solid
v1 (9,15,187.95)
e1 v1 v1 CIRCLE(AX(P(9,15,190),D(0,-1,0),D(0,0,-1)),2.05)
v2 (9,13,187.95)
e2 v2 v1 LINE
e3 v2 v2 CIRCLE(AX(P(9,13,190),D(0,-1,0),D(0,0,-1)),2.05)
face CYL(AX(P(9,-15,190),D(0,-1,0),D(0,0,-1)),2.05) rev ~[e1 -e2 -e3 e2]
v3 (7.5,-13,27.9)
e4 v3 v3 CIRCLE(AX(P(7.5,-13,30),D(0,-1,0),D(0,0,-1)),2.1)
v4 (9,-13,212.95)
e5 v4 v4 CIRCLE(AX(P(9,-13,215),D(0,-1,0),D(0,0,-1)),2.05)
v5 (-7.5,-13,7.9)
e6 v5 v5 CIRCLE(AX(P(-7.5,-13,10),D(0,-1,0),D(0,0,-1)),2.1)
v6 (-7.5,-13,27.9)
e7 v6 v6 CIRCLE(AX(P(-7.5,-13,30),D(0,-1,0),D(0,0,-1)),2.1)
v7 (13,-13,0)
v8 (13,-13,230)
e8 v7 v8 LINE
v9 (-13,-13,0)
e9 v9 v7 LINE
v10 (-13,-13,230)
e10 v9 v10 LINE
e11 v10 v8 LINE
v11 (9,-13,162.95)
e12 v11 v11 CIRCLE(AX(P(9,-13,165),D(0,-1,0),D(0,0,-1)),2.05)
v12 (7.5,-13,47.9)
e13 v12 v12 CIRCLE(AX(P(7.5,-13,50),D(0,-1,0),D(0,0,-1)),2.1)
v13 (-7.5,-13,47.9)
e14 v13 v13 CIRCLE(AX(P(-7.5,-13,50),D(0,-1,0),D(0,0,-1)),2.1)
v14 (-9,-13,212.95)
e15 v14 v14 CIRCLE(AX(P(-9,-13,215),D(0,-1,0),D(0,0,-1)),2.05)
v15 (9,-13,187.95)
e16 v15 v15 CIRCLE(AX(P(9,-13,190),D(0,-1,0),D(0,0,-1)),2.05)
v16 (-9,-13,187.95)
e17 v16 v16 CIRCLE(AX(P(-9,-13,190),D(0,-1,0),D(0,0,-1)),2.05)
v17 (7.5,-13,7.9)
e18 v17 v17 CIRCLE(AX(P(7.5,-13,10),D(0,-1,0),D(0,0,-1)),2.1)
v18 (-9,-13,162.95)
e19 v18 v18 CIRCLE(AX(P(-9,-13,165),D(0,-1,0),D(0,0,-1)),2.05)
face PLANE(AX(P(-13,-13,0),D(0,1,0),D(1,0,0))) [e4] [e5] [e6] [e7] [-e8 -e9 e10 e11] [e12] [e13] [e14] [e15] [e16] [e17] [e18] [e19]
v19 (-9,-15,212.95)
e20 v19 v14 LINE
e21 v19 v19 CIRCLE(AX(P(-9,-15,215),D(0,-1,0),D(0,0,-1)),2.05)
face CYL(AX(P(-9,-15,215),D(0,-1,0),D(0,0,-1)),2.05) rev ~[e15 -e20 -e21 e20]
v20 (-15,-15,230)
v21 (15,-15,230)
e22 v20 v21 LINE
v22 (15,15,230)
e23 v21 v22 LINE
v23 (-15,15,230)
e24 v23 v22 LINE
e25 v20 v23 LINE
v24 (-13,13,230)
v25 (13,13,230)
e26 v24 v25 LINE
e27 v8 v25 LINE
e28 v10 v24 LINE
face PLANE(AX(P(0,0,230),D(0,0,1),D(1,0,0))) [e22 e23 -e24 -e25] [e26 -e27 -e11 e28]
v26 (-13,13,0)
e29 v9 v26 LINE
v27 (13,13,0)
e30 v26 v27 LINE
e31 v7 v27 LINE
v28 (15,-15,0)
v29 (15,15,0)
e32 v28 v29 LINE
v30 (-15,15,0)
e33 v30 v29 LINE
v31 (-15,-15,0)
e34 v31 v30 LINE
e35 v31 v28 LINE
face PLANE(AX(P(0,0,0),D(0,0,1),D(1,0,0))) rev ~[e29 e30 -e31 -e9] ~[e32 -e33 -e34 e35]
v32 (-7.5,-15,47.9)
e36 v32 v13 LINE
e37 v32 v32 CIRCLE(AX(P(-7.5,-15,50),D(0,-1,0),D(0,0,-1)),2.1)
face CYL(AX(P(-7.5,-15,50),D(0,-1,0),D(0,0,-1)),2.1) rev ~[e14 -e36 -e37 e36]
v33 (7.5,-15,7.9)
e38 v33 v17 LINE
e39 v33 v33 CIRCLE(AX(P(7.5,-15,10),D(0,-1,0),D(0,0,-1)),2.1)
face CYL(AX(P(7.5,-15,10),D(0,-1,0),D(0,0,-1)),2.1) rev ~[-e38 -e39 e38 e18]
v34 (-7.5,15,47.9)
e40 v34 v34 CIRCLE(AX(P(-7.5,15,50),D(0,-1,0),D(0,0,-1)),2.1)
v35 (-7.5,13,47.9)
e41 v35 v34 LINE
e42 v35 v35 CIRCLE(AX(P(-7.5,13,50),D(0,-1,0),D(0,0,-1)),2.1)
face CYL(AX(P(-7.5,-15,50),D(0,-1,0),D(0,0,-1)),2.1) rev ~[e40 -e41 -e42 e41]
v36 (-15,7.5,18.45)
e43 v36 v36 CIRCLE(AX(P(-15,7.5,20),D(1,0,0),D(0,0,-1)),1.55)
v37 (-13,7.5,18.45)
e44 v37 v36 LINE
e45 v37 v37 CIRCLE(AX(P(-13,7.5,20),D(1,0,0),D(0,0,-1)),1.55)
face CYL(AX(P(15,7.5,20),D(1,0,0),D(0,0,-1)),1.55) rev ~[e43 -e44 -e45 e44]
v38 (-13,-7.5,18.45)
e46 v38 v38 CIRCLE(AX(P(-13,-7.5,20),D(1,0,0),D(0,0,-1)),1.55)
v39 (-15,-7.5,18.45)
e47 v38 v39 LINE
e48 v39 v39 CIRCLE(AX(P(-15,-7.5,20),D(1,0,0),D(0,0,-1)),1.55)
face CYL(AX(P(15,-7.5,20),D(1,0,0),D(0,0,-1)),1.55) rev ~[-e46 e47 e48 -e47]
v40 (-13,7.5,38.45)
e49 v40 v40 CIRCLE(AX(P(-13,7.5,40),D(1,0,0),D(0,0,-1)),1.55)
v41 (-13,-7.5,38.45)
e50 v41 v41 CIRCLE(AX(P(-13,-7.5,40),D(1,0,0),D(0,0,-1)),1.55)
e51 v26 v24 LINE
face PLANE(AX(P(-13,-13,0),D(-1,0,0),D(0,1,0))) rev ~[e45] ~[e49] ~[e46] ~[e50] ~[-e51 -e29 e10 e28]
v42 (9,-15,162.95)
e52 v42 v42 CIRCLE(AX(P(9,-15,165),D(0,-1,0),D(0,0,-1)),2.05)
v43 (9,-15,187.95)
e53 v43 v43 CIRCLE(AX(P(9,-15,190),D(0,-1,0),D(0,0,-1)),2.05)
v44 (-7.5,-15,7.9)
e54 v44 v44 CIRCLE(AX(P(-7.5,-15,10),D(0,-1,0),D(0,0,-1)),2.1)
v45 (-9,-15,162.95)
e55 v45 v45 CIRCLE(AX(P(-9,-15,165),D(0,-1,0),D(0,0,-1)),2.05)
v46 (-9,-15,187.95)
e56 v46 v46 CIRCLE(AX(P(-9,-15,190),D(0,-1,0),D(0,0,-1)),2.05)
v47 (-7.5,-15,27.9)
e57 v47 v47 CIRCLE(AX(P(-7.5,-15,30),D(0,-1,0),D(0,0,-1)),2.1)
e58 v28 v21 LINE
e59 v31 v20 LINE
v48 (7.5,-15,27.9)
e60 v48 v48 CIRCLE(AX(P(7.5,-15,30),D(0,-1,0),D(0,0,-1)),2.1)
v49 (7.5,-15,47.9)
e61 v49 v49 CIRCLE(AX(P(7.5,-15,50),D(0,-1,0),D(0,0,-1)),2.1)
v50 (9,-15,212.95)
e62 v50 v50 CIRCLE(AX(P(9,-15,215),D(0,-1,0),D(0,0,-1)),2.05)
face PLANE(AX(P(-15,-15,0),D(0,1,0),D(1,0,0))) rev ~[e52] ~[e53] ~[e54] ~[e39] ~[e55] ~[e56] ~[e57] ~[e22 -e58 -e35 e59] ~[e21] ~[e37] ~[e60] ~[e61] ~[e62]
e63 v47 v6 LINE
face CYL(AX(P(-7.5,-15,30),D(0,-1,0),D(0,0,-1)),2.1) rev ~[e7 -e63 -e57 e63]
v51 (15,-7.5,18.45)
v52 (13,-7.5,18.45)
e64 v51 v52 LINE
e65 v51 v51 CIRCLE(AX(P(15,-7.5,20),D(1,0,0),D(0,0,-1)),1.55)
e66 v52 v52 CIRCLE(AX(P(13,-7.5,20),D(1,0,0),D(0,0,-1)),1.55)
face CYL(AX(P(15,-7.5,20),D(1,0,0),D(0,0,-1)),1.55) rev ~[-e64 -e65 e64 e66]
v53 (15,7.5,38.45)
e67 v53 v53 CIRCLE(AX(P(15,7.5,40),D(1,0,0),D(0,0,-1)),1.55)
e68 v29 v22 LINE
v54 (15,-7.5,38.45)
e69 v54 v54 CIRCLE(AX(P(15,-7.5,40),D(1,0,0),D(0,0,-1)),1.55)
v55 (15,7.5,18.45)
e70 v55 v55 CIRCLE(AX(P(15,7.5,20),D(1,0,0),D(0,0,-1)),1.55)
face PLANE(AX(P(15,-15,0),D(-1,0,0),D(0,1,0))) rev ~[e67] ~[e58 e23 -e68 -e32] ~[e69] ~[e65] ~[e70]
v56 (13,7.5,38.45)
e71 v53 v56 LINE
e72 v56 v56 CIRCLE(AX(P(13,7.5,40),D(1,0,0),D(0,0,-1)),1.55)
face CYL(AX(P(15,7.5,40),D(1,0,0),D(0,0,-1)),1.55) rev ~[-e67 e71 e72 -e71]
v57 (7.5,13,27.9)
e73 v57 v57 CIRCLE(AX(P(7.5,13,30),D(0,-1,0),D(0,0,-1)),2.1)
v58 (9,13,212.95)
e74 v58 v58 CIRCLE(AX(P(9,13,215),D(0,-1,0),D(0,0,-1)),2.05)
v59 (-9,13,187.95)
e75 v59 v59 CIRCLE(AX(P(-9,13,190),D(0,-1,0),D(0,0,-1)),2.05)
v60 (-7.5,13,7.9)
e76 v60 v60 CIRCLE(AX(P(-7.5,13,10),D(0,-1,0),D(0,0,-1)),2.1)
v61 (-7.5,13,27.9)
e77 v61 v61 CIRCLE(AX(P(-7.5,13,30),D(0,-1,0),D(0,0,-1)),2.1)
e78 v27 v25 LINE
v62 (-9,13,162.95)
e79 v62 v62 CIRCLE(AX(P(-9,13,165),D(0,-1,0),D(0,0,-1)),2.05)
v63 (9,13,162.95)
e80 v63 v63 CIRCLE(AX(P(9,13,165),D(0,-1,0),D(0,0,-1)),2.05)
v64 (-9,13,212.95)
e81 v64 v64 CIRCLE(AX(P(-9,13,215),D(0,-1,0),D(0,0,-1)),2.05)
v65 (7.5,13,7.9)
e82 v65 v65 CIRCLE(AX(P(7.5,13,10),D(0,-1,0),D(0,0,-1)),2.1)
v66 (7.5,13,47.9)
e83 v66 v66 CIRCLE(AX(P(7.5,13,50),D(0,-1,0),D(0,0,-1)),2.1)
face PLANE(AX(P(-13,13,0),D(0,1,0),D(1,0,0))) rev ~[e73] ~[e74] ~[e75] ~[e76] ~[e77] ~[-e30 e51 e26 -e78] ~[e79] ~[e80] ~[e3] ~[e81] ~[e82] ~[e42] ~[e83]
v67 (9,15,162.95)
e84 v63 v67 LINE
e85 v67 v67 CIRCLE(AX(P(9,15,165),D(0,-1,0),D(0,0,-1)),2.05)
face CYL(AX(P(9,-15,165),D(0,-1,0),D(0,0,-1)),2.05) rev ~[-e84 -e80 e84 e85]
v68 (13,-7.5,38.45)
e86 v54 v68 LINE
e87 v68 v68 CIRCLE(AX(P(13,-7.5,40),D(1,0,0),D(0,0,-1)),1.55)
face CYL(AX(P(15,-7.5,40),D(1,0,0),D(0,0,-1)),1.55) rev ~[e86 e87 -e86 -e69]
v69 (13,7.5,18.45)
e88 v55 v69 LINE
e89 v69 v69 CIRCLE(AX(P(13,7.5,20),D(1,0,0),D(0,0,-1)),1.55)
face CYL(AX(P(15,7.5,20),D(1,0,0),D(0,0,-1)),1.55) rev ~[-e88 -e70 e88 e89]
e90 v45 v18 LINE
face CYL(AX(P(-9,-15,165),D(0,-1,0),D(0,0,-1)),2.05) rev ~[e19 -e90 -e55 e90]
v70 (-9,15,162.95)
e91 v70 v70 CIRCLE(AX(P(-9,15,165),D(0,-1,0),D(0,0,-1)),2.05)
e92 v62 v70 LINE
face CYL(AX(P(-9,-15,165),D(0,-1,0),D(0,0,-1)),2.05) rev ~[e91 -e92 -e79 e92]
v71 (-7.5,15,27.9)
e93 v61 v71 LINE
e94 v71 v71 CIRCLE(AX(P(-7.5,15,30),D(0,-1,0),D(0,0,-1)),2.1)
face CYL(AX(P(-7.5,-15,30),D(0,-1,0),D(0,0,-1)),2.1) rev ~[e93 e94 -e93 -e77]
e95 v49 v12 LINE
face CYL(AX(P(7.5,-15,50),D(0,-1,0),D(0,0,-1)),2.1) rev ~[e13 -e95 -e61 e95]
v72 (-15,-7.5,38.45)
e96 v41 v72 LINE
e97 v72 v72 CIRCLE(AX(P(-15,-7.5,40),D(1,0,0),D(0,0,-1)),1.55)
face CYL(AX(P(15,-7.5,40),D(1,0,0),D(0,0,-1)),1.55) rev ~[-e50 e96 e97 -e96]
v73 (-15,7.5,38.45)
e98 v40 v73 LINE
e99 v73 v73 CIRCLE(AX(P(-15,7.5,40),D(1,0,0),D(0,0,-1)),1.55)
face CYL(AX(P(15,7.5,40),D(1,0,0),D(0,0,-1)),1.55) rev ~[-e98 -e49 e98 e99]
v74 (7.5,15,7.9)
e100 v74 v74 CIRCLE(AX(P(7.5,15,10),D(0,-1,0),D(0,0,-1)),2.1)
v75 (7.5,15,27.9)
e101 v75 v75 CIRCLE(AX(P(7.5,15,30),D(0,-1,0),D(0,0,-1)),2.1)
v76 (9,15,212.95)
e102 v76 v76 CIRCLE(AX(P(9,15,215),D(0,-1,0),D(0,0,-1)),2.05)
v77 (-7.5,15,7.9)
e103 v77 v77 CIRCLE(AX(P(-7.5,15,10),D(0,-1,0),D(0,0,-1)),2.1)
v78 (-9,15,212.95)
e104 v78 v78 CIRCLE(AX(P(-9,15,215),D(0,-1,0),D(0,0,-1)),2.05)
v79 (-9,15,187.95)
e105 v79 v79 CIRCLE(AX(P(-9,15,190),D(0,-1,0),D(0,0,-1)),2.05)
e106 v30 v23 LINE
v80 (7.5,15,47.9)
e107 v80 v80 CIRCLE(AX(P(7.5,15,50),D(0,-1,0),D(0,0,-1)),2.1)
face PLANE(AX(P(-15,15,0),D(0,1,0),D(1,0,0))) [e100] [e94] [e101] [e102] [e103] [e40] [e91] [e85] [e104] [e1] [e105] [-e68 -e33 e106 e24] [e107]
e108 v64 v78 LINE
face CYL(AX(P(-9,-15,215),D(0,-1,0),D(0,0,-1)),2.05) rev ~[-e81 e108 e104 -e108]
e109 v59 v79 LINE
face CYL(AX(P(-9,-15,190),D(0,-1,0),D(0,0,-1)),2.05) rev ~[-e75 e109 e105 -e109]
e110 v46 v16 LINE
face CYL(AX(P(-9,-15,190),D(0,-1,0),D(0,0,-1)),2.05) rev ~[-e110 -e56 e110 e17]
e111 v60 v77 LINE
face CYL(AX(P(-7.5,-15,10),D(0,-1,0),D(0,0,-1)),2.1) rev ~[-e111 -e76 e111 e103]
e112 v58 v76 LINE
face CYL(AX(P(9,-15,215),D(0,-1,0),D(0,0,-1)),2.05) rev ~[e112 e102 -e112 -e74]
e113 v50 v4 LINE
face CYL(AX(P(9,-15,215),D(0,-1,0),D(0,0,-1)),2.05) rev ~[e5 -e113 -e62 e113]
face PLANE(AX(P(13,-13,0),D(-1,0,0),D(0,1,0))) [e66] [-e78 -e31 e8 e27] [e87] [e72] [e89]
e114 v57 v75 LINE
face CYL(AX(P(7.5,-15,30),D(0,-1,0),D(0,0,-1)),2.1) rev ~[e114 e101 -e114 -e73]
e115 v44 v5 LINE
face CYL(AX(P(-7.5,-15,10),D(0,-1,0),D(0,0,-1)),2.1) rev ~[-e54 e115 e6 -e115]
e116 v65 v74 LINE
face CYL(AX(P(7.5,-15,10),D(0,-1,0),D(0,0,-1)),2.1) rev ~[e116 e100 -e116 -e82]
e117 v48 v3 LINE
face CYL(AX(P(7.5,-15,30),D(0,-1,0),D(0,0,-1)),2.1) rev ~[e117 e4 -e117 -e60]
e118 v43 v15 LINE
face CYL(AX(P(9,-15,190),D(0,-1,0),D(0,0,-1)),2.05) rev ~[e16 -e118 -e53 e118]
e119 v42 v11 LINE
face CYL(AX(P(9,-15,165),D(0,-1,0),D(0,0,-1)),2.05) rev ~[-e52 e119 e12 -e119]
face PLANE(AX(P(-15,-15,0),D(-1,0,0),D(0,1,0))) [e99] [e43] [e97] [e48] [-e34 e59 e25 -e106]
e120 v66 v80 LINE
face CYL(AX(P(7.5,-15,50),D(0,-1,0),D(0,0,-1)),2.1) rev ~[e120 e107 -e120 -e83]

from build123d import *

# Parameters (mm, degrees)
SKETCH_1_W          = 30
SKETCH_1_H          = 30
SKETCH_1_W_2        = 26
SKETCH_1_H_2        = 26
EXTRUDE_1_DEPTH     = 230
SKETCH_2_R          = 2.1
SKETCH_2_R_2        = 2.05
CUT_EXTRUDE_1_DEPTH = 233.432785983
SKETCH_4_R          = 1.55
CUT_EXTRUDE_2_DEPTH = 233.432785983


with BuildPart() as part:
    # 草图1 → 凸台-拉伸1 (new body)
    with BuildSketch(Plane.XY):
        Rectangle(SKETCH_1_W, SKETCH_1_H)
        Rectangle(SKETCH_1_W_2, SKETCH_1_H_2, mode=Mode.SUBTRACT)
    extrude(amount=EXTRUDE_1_DEPTH)

    # 草图2 → 切除-拉伸1 (cut, through all)
    with BuildSketch(Plane.XZ.offset(15)):
        with Locations(Location((-7.5, 10, 0), (0, 0, 270))):
            Circle(SKETCH_2_R)
        with Locations(Location((7.5, 10, 0), (0, 0, 270))):
            Circle(SKETCH_2_R)
        with Locations(Location((7.5, 30, 0), (0, 0, 270))):
            Circle(SKETCH_2_R)
        with Locations(Location((7.5, 50, 0), (0, 0, 270))):
            Circle(SKETCH_2_R)
        with Locations(Location((-7.5, 30, 0), (0, 0, 270))):
            Circle(SKETCH_2_R)
        with Locations(Location((-7.5, 50, 0), (0, 0, 270))):
            Circle(SKETCH_2_R)
        with Locations(Location((-9, 215, 0), (0, 0, 270))):
            Circle(SKETCH_2_R_2)
        with Locations(Location((9, 215, 0), (0, 0, 270))):
            Circle(SKETCH_2_R_2)
        with Locations(Location((9, 190, 0), (0, 0, 270))):
            Circle(SKETCH_2_R_2)
        with Locations(Location((9, 165, 0), (0, 0, 270))):
            Circle(SKETCH_2_R_2)
        with Locations(Location((-9, 190, 0), (0, 0, 270))):
            Circle(SKETCH_2_R_2)
        with Locations(Location((-9, 165, 0), (0, 0, 270))):
            Circle(SKETCH_2_R_2)
    extrude(amount=-CUT_EXTRUDE_1_DEPTH, mode=Mode.SUBTRACT)

    # 草图4 → 切除-拉伸2 (cut, through all)
    with BuildSketch(Plane(origin=(15, 0, 0), x_dir=(0, 0, -1), z_dir=(1, 0, 0))):
        with Locations((-20, 7.5)):
            Circle(SKETCH_4_R)
        with Locations((-40, 7.5)):
            Circle(SKETCH_4_R)
        with Locations((-40, -7.5)):
            Circle(SKETCH_4_R)
        with Locations((-20, -7.5)):
            Circle(SKETCH_4_R)
    extrude(amount=-CUT_EXTRUDE_2_DEPTH, mode=Mode.SUBTRACT)


solid = part.part
